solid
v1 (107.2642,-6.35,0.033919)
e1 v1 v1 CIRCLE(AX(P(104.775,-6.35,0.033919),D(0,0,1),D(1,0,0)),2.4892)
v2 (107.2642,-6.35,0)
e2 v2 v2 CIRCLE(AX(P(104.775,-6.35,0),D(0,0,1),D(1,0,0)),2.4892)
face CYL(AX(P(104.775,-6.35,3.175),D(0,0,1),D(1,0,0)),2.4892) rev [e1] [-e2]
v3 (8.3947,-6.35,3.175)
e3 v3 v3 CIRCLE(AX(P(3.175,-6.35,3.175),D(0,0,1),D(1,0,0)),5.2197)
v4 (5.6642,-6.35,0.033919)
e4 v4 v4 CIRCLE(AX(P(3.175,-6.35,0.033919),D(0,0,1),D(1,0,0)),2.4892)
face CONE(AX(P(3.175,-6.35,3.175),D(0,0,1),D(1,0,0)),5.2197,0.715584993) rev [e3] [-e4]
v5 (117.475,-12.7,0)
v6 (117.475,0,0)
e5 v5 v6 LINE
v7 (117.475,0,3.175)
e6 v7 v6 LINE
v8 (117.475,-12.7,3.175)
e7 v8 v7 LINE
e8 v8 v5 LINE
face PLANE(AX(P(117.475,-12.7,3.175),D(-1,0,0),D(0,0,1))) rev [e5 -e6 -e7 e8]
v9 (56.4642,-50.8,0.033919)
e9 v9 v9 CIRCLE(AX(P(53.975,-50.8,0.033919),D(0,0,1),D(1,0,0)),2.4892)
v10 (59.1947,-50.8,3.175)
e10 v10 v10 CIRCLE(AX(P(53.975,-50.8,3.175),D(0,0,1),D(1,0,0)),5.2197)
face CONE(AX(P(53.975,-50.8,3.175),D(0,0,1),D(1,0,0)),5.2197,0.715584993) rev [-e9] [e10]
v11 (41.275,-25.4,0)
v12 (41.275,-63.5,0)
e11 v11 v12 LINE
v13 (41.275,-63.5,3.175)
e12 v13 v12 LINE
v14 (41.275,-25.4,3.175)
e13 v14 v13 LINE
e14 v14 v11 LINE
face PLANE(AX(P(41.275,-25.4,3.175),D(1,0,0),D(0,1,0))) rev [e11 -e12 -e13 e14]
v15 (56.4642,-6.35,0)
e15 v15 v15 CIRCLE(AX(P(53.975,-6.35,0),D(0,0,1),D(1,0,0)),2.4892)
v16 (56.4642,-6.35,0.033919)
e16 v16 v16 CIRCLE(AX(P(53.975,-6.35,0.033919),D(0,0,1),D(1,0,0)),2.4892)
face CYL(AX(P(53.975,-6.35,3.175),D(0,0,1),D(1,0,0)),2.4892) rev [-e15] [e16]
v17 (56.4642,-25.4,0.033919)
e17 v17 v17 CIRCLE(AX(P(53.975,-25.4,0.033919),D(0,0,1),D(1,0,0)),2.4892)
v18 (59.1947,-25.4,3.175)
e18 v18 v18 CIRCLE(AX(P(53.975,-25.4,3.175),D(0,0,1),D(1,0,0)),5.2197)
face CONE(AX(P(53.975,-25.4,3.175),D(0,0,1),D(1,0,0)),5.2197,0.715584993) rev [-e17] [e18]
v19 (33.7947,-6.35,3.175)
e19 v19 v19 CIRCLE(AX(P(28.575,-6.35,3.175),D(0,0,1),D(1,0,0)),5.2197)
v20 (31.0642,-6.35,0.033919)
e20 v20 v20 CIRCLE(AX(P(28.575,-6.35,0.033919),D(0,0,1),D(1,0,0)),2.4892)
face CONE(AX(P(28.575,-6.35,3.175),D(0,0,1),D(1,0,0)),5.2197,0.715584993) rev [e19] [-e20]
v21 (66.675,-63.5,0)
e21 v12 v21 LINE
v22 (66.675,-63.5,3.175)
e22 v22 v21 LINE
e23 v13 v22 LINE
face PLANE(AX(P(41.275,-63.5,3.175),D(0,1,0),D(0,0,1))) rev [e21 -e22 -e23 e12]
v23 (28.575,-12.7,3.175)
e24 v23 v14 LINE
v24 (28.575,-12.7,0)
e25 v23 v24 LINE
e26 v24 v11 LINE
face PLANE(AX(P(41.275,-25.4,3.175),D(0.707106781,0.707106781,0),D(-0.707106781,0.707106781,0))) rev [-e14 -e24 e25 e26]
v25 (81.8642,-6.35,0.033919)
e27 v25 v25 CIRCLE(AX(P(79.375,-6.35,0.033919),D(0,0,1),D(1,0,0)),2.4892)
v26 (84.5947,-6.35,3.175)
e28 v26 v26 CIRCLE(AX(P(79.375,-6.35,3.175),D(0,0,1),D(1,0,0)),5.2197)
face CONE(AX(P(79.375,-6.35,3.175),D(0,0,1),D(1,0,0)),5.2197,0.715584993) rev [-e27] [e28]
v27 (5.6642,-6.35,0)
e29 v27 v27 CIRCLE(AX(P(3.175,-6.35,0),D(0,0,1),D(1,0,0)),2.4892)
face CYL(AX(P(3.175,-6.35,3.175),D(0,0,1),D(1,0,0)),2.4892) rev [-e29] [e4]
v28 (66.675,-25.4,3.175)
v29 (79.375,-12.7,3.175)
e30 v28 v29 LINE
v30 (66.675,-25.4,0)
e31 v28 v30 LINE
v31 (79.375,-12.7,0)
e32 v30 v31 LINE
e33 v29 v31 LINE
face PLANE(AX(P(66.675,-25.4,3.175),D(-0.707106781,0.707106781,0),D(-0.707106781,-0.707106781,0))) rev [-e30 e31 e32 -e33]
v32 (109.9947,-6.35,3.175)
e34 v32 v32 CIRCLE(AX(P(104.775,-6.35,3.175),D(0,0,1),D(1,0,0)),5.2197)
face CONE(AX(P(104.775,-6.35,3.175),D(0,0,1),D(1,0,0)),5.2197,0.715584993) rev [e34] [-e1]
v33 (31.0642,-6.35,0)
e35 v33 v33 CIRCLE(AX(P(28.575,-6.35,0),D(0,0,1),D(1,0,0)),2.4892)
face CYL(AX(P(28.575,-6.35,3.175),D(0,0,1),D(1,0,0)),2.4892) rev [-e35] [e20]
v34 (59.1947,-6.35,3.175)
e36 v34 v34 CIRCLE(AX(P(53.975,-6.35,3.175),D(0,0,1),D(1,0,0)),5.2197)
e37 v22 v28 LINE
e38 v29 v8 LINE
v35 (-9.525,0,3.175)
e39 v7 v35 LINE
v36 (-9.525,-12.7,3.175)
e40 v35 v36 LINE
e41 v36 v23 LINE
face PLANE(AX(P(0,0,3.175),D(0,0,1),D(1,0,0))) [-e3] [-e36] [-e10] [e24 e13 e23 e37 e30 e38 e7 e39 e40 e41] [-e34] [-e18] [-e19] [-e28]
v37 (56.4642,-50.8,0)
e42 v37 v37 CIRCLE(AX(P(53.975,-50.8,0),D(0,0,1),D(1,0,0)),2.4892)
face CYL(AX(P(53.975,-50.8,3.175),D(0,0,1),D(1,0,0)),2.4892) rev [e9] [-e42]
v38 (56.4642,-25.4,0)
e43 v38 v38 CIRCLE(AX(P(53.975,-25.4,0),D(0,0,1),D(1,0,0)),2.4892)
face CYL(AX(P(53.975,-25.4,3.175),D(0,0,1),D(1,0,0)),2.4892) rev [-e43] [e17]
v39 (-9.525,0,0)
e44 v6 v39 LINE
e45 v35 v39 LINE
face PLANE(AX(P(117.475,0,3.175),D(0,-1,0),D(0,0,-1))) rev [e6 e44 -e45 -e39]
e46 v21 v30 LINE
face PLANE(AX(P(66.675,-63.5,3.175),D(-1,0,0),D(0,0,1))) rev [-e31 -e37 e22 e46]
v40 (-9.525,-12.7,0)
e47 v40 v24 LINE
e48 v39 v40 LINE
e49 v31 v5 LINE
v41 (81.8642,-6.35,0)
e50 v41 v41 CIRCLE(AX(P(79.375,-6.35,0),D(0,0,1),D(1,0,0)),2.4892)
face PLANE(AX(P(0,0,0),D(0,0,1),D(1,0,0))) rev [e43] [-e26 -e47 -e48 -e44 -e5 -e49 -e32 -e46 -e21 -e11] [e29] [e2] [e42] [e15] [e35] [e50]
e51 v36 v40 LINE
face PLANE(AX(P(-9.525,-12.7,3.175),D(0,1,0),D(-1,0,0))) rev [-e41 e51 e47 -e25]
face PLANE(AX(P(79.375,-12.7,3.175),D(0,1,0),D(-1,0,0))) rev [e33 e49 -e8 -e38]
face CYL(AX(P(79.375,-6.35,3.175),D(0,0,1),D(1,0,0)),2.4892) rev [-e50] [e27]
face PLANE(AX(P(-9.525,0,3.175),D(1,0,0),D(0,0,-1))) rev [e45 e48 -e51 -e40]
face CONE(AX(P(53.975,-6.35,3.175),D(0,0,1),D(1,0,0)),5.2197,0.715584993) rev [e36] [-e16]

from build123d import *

# Parameters (mm, degrees)
BOSS_EXTRUDE1_DEPTH             = 3.175
F_10_CLEARANCE_HOLE1_AT_2_COUNT = 2
F_10_CLEARANCE_HOLE1_AT_2_PITCH = 25.4
F_10_CLEARANCE_HOLE1_AT_3_COUNT = 2
F_10_CLEARANCE_HOLE1_AT_3_PITCH = 50.8
F_10_CLEARANCE_HOLE1_AT_4_COUNT = 2
F_10_CLEARANCE_HOLE1_AT_4_PITCH = 101.6
F_10_CLEARANCE_HOLE1_AT_5_COUNT = 2
F_10_CLEARANCE_HOLE1_AT_5_PITCH = 54.254423783
F_10_CLEARANCE_HOLE1_AT_6_COUNT = 2
F_10_CLEARANCE_HOLE1_AT_6_PITCH = 67.501425911
F_10_CLEARANCE_HOLE1_AT_7_COUNT = 2
F_10_CLEARANCE_HOLE1_AT_7_PITCH = 76.2


with BuildPart() as part:
    # Sketch1 → Boss-Extrude1 (new body)
    with BuildSketch(Plane.XY):
        Polygon((41.275, -25.4), (41.275, -63.5), (66.675, -63.5), (66.675, -25.4), (79.375, -12.7), (117.475, -12.7), (117.475, 0), (-9.525, 0), (-9.525, -12.7), (28.575, -12.7), align=None)
    extrude(amount=BOSS_EXTRUDE1_DEPTH)

    # Sketch5 → #10 Clearance Hole1 (revolve, cut)
    with BuildSketch(Plane(origin=(3.175, -6.35, 3.175), x_dir=(0, -1, 0), z_dir=(1, 0, 0))):
        Polygon((0, 0), (0, 3.175), (2.4892, 3.175), (2.4892, 3.141080936), (5.2197, 0), align=None)
    f_10_clearance_hole1 = revolve(axis=Axis((3.175, -6.35, 9.525), (0, 0, -1)), mode=Mode.SUBTRACT)

    # #10 Clearance Hole1 at 2: #10 Clearance Hole1 ×2
    with Locations(*[(i * F_10_CLEARANCE_HOLE1_AT_2_PITCH, 0, 0) for i in range(1, F_10_CLEARANCE_HOLE1_AT_2_COUNT)]):
        add(f_10_clearance_hole1, mode=Mode.SUBTRACT)

    # #10 Clearance Hole1 at 3: #10 Clearance Hole1 ×2
    with Locations(*[(i * F_10_CLEARANCE_HOLE1_AT_3_PITCH, 0, 0) for i in range(1, F_10_CLEARANCE_HOLE1_AT_3_COUNT)]):
        add(f_10_clearance_hole1, mode=Mode.SUBTRACT)

    # #10 Clearance Hole1 at 4: #10 Clearance Hole1 ×2
    with Locations(*[(i * F_10_CLEARANCE_HOLE1_AT_4_PITCH, 0, 0) for i in range(1, F_10_CLEARANCE_HOLE1_AT_4_COUNT)]):
        add(f_10_clearance_hole1, mode=Mode.SUBTRACT)

    # #10 Clearance Hole1 at 5: #10 Clearance Hole1 ×2
    with Locations(*[Vector(0.9363291775690471, -0.35112344158838477, 0) * (i * F_10_CLEARANCE_HOLE1_AT_5_PITCH) for i in range(1, F_10_CLEARANCE_HOLE1_AT_5_COUNT)]):
        add(f_10_clearance_hole1, mode=Mode.SUBTRACT)

    # #10 Clearance Hole1 at 6: #10 Clearance Hole1 ×2
    with Locations(*[Vector(0.7525766947068834, -0.6585046078685118, 0) * (i * F_10_CLEARANCE_HOLE1_AT_6_PITCH) for i in range(1, F_10_CLEARANCE_HOLE1_AT_6_COUNT)]):
        add(f_10_clearance_hole1, mode=Mode.SUBTRACT)

    # #10 Clearance Hole1 at 7: #10 Clearance Hole1 ×2
    with Locations(*[(i * F_10_CLEARANCE_HOLE1_AT_7_PITCH, 0, 0) for i in range(1, F_10_CLEARANCE_HOLE1_AT_7_COUNT)]):
        add(f_10_clearance_hole1, mode=Mode.SUBTRACT)


solid = part.part
